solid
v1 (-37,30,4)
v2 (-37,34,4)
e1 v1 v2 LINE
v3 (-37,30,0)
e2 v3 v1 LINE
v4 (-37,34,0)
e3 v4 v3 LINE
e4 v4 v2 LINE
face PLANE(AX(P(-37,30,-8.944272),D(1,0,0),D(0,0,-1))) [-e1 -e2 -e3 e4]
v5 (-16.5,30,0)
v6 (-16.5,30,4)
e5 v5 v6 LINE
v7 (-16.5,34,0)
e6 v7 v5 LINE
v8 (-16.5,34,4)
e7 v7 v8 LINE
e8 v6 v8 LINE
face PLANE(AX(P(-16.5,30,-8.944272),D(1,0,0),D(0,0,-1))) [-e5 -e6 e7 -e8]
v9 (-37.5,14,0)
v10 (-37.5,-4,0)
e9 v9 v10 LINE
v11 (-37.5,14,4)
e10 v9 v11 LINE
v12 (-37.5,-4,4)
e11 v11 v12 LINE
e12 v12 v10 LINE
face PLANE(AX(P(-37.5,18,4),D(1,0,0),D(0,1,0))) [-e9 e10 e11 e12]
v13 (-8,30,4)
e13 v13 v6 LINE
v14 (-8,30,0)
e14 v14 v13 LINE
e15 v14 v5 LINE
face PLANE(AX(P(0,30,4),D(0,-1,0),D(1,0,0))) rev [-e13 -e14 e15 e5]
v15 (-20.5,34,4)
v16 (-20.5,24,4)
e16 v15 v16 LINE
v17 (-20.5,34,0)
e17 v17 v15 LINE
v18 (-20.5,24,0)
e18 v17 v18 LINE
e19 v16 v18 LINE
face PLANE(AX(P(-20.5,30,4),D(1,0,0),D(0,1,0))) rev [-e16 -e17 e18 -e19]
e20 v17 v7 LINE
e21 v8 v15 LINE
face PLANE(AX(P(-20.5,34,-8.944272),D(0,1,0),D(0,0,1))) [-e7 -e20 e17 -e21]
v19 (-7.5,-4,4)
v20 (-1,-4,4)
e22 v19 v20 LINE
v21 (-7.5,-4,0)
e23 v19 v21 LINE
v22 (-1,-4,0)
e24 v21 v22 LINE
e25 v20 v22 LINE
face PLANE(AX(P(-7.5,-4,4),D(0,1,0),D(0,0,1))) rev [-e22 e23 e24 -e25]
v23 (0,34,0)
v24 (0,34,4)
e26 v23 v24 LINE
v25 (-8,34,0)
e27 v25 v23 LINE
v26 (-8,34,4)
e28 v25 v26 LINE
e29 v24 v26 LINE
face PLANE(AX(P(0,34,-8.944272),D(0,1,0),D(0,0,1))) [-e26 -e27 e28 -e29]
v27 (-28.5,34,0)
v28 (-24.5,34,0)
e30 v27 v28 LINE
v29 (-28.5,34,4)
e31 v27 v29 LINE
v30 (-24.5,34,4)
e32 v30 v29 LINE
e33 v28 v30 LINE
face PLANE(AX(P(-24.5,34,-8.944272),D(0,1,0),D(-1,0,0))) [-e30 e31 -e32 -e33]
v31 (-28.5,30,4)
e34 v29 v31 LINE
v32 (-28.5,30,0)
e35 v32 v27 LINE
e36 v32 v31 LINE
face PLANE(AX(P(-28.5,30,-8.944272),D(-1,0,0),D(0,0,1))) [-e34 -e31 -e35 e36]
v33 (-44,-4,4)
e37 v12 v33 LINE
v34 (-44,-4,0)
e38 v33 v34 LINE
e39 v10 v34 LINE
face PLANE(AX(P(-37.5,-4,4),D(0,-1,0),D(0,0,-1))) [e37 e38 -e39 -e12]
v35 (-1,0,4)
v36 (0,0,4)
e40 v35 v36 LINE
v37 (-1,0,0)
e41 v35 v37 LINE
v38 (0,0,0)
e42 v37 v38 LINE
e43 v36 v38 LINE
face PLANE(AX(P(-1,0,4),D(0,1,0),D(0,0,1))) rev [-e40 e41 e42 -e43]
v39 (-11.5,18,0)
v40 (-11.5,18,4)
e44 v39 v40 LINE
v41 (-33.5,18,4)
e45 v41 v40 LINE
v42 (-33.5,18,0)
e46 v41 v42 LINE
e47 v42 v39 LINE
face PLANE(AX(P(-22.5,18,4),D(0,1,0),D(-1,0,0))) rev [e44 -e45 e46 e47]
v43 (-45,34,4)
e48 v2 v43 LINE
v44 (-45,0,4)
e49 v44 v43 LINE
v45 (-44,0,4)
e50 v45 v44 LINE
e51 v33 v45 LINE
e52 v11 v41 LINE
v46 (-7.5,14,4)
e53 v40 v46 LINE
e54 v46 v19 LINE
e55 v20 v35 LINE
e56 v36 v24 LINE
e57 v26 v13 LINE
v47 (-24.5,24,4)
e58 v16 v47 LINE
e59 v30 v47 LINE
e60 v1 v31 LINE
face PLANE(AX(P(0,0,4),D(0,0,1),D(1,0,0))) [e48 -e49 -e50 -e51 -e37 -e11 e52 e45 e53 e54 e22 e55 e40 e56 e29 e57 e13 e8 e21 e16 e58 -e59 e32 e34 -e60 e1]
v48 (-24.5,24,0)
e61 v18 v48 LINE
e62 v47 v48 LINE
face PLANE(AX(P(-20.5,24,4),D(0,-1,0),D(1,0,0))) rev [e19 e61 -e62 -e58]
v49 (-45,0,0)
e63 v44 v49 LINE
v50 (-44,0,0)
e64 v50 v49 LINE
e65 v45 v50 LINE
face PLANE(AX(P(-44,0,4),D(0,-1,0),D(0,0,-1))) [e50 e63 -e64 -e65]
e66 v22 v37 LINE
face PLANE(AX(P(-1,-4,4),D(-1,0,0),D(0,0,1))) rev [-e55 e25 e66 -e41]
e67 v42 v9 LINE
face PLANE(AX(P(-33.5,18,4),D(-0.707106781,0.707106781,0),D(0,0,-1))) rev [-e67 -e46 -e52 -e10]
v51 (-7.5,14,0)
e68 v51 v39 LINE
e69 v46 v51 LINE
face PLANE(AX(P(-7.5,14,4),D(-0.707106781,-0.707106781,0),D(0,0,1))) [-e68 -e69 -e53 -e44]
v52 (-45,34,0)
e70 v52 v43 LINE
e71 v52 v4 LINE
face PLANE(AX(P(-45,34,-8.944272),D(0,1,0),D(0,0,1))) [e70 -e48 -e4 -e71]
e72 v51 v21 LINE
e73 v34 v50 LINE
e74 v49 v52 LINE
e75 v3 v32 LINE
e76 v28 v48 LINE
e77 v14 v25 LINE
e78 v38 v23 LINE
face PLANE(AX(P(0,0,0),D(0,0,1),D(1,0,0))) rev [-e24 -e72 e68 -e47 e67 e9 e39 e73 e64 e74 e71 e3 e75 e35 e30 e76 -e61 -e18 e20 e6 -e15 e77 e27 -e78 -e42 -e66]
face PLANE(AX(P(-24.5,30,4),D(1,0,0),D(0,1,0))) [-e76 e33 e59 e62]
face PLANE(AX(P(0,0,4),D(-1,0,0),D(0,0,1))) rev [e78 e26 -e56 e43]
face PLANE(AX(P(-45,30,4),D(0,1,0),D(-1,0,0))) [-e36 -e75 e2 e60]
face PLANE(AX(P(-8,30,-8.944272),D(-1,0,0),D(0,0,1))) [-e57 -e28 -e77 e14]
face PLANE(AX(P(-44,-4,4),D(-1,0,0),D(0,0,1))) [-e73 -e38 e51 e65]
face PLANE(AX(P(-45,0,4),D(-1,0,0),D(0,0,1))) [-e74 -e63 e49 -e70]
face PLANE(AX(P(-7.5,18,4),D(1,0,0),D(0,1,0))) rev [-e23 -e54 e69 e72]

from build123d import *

# Parameters (mm, degrees)
BOSS_EXTRUDE1_DEPTH      = 4
CHAMFER2_SIZE            = 4
CHAMFER2_OF_MIRROR1_SIZE = 4
SKETCH2_W                = 4
SKETCH2_H                = 4
SKETCH2_W_2              = 8
BOSS_EXTRUDE2_DEPTH      = 4


with BuildPart() as part:
    # Sketch1 → Boss-Extrude1 (new body)
    with BuildSketch(Plane.XY):
        Polygon((0, 0), (0, 30), (-20.5, 30), (-20.5, 24), (-22.5, 24), (-22.5, 18), (-7.5, 18), (-7.5, -4), (-1, -4), (-1, 0), align=None)
    boss_extrude1 = extrude(amount=BOSS_EXTRUDE1_DEPTH)

    # Chamfer2
    chamfer2_edges = [part.edges().sort_by_distance(p)[0] for p in [
        (-7.5, 18, 2),
    ]]
    chamfer(chamfer2_edges, length=CHAMFER2_SIZE)

    # Mirror1: Boss-Extrude1 across plane
    add(boss_extrude1.mirror(Plane(origin=(-22.5, 24, 4), x_dir=(0, 0, 1), z_dir=(1, 0, 0))))

    # Chamfer2 of Mirror1
    chamfer2_of_mirror1_edges = [part.edges().sort_by_distance(p)[0] for p in [
        (-37.5, 18, 2),
    ]]
    chamfer(chamfer2_of_mirror1_edges, length=CHAMFER2_OF_MIRROR1_SIZE)

    # Sketch2 → Boss-Extrude2 (add)
    with BuildSketch(Plane.XY.offset(4)):
        with Locations((-26.5, 32)):
            Rectangle(SKETCH2_W, SKETCH2_H)
        with Locations((-18.5, 32)):
            Rectangle(SKETCH2_W, SKETCH2_H)
        with Locations((-4, 32)):
            Rectangle(SKETCH2_W_2, SKETCH2_H)
        with Locations((-41, 32)):
            Rectangle(SKETCH2_W_2, SKETCH2_H)
    extrude(amount=-BOSS_EXTRUDE2_DEPTH)


solid = part.part
